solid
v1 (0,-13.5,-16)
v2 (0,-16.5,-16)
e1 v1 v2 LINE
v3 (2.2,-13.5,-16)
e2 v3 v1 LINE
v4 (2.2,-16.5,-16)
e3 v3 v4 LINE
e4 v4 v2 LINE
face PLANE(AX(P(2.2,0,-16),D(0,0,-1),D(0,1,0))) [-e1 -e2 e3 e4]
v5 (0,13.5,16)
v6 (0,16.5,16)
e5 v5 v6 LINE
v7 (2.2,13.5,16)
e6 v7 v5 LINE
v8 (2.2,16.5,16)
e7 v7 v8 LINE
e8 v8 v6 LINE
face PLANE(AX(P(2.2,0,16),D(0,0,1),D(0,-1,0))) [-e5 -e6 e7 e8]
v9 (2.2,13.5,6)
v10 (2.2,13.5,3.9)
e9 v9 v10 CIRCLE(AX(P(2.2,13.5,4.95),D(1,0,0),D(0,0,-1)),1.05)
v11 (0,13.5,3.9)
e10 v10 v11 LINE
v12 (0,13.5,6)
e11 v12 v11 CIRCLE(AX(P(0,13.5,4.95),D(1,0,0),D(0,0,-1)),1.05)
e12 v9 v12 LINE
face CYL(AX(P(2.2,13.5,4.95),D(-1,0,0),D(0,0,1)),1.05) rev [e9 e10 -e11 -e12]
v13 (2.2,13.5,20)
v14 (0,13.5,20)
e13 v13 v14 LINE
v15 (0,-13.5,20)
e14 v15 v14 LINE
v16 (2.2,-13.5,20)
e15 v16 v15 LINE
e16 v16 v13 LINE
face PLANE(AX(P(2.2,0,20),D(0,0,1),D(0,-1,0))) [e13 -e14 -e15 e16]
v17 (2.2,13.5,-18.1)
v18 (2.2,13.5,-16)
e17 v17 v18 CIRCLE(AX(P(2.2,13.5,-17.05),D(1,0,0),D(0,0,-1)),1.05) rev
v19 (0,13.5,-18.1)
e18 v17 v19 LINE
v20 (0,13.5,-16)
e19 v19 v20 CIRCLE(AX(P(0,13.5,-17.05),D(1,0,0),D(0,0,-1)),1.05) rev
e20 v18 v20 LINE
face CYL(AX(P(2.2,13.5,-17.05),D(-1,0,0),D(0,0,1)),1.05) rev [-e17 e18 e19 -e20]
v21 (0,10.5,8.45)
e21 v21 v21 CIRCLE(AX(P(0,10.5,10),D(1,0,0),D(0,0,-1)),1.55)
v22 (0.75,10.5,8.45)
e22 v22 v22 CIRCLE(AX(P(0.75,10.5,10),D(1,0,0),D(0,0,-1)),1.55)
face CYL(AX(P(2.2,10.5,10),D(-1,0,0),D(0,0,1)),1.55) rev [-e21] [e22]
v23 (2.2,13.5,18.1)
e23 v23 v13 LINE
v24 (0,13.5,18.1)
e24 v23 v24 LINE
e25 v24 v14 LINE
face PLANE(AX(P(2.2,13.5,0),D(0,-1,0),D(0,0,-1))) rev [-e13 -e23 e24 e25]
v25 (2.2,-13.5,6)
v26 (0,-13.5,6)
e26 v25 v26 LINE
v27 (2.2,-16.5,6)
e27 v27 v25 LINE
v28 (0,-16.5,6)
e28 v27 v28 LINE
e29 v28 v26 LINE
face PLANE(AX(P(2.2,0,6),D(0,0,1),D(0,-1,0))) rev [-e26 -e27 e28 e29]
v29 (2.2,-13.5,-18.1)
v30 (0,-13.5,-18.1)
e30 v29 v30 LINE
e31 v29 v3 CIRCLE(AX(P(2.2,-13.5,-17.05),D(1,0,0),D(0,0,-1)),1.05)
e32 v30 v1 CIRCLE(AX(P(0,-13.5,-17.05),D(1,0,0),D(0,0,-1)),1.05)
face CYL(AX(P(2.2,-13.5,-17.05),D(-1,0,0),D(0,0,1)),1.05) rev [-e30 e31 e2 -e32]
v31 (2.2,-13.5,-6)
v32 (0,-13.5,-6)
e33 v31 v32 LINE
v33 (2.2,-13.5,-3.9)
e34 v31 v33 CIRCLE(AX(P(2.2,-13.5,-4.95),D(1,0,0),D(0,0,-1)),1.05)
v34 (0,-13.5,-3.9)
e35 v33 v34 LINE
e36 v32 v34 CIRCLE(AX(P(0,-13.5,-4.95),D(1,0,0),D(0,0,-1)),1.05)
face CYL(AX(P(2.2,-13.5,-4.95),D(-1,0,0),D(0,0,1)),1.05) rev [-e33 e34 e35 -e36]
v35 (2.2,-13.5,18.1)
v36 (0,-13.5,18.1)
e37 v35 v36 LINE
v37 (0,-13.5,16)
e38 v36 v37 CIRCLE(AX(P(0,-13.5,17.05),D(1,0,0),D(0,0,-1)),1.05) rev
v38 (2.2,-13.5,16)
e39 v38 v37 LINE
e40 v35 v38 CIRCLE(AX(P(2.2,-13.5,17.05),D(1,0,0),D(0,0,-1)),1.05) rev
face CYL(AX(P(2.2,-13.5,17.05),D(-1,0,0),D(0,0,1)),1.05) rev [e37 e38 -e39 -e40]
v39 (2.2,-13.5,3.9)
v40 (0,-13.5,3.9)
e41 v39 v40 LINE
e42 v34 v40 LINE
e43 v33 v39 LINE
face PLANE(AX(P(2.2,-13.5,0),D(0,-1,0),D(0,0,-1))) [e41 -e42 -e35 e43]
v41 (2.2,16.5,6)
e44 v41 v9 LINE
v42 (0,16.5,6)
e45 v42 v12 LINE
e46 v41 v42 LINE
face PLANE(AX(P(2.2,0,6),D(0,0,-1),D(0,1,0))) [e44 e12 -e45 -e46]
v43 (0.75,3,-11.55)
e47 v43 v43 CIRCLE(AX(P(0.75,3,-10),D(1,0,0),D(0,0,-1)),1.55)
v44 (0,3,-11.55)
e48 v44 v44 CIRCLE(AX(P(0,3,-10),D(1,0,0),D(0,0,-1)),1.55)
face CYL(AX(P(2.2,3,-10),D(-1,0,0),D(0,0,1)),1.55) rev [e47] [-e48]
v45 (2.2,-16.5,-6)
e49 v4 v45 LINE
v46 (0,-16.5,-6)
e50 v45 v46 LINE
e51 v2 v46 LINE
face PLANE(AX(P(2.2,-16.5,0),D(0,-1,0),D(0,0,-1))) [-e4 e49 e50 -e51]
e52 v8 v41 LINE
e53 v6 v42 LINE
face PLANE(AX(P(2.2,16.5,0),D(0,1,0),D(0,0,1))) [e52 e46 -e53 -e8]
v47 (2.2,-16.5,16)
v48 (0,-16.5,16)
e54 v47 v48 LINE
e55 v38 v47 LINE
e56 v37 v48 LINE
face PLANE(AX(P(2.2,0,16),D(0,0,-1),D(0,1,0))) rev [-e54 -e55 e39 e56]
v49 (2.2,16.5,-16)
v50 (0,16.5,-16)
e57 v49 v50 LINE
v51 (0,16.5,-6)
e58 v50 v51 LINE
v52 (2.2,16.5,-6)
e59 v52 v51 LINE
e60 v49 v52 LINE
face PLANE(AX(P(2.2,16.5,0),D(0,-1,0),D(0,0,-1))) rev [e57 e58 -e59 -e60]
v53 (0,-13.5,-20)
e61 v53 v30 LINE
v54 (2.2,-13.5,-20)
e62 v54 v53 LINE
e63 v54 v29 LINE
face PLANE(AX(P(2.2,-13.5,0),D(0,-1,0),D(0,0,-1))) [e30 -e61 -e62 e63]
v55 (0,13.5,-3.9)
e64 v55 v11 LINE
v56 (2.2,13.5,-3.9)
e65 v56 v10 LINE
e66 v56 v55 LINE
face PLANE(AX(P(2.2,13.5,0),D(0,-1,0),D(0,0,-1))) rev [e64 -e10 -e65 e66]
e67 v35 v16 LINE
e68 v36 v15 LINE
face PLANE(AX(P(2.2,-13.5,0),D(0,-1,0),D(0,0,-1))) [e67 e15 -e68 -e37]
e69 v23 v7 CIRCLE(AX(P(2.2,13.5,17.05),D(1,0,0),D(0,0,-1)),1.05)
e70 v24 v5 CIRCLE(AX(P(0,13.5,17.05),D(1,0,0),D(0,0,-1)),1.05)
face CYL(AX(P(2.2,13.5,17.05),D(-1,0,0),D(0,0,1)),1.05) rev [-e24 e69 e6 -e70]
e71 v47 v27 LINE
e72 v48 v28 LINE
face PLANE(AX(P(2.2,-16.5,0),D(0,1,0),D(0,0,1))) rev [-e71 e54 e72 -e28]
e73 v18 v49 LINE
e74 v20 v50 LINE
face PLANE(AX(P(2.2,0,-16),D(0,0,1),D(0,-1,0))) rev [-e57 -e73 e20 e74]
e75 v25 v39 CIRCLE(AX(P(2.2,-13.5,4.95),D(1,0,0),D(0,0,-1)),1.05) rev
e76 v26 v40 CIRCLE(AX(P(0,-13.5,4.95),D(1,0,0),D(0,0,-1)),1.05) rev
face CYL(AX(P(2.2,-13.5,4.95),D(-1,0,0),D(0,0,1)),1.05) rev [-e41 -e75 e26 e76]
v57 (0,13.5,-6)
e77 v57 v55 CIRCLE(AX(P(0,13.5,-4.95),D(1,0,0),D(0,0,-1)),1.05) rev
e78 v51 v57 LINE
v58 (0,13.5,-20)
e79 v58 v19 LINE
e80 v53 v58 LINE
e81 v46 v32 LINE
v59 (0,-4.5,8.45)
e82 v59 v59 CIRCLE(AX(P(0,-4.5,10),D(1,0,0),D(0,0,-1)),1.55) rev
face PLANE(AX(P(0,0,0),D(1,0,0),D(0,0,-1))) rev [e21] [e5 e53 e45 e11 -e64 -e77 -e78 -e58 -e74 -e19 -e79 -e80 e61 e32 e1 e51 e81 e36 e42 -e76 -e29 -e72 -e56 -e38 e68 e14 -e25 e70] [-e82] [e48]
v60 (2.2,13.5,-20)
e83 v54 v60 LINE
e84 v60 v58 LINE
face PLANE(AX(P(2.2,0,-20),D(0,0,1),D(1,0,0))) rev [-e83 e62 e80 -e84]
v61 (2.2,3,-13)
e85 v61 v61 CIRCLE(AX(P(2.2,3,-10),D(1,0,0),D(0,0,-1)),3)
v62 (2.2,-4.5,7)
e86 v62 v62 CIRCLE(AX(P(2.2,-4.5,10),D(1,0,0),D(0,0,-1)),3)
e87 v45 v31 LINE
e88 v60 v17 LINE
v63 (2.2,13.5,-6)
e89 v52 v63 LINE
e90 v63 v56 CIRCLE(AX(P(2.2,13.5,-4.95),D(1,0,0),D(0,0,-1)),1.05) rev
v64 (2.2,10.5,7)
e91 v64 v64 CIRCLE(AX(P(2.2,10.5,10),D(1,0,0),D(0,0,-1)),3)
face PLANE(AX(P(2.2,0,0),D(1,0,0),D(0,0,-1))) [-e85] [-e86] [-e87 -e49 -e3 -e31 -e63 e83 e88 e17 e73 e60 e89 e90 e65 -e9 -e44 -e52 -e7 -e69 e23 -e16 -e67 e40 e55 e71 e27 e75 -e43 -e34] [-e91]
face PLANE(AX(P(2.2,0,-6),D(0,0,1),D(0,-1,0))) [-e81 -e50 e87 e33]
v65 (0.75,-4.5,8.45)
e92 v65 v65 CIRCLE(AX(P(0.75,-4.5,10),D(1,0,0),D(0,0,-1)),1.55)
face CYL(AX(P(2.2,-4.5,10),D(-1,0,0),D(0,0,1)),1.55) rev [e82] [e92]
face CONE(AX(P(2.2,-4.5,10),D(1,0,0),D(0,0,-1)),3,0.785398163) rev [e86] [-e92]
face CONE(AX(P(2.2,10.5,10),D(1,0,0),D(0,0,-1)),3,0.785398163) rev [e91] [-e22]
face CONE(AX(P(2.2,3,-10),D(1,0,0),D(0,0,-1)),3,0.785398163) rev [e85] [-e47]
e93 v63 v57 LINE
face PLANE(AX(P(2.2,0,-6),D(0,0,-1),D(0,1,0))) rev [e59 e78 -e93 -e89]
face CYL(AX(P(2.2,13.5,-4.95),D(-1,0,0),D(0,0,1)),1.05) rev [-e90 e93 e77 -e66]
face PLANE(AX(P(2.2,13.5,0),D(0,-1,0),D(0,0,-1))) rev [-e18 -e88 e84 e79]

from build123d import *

# Parameters (mm, degrees)
SKETCH_1_R               = 1.55
EXTRUDE_1_DEPTH          = 2.2
HOLE_WIZARD_1_AT_2_COUNT = 2
HOLE_WIZARD_1_AT_2_PITCH = 21.360009363
HOLE_WIZARD_1_AT_3_COUNT = 2
HOLE_WIZARD_1_AT_3_PITCH = 15


with BuildPart() as part:
    # 草图1 → 凸台-拉伸1 (new body)
    with BuildSketch(Plane(origin=(0, 0, 0), x_dir=(0, 0, -1), z_dir=(1, 0, 0))):
        with BuildLine():
            Line((-16, 16.5), (-16, 13.5))
            ThreePointArc((-16, 13.5), (-17.05, 12.45), (-18.1, 13.5))
            Line((-18.1, 13.5), (-20, 13.5))
            Line((-20, 13.5), (-20, -13.5))
            Line((-20, -13.5), (-18.1, -13.5))
            ThreePointArc((-18.1, -13.5), (-17.05, -12.45), (-16, -13.5))
            Line((-16, -13.5), (-16, -16.5))
            Line((-16, -16.5), (-6, -16.5))
            Line((-6, -16.5), (-6, -13.5))
            ThreePointArc((-6, -13.5), (-4.95, -12.45), (-3.9, -13.5))
            Line((-3.9, -13.5), (3.9, -13.5))
            ThreePointArc((3.9, -13.5), (4.95, -12.45), (6, -13.5))
            Line((6, -13.5), (6, -16.5))
            Line((6, -16.5), (16, -16.5))
            Line((16, -16.5), (16, -13.5))
            ThreePointArc((16, -13.5), (17.05, -12.45), (18.1, -13.5))
            Line((18.1, -13.5), (20, -13.5))
            Line((20, -13.5), (20, 13.5))
            Line((20, 13.5), (18.1, 13.5))
            ThreePointArc((18.1, 13.5), (17.05, 12.45), (16, 13.5))
            Line((16, 13.5), (16, 16.5))
            Line((16, 16.5), (6, 16.5))
            Line((6, 16.5), (6, 13.5))
            ThreePointArc((6, 13.5), (4.95, 12.45), (3.9, 13.5))
            Line((3.9, 13.5), (-3.9, 13.5))
            ThreePointArc((-3.9, 13.5), (-4.95, 12.45), (-6, 13.5))
            Line((-6, 13.5), (-6, 16.5))
            Line((-6, 16.5), (-16, 16.5))
        make_face()
        with Locations((-10, -4.5)):
            Circle(SKETCH_1_R, mode=Mode.SUBTRACT)
        with Locations((-10, 10.5)):
            Circle(SKETCH_1_R, mode=Mode.SUBTRACT)
        with Locations((10, 3)):
            Circle(SKETCH_1_R, mode=Mode.SUBTRACT)
    extrude(amount=EXTRUDE_1_DEPTH)

    # 草图2 → 打孔尺寸(%根据十字)槽沉头木螺钉的类型1 (revolve, cut)
    with BuildSketch(Plane(origin=(2.2, 10.5, 10), x_dir=(0, 0, -1), z_dir=(0, 1, 0))):
        Polygon((0, 0), (0, 2.2), (1.55, 2.2), (1.55, 1.45), (3, 0), align=None)
    hole_wizard_1 = revolve(axis=Axis((8.55, 10.5, 10), (-1, 0, 0)), mode=Mode.SUBTRACT)

    # 打孔尺寸(%根据十字)槽沉头木螺钉的类型1 at 2: 打孔尺寸(%根据十字)槽沉头木螺钉的类型1 ×2
    with Locations(*[Vector(0, -0.3511234415883914, -0.9363291775690447) * (i * HOLE_WIZARD_1_AT_2_PITCH) for i in range(1, HOLE_WIZARD_1_AT_2_COUNT)]):
        add(hole_wizard_1, mode=Mode.SUBTRACT)

    # 打孔尺寸(%根据十字)槽沉头木螺钉的类型1 at 3: 打孔尺寸(%根据十字)槽沉头木螺钉的类型1 ×2
    with Locations(*[(0, -i * HOLE_WIZARD_1_AT_3_PITCH, 0) for i in range(1, HOLE_WIZARD_1_AT_3_COUNT)]):
        add(hole_wizard_1, mode=Mode.SUBTRACT)


solid = part.part
